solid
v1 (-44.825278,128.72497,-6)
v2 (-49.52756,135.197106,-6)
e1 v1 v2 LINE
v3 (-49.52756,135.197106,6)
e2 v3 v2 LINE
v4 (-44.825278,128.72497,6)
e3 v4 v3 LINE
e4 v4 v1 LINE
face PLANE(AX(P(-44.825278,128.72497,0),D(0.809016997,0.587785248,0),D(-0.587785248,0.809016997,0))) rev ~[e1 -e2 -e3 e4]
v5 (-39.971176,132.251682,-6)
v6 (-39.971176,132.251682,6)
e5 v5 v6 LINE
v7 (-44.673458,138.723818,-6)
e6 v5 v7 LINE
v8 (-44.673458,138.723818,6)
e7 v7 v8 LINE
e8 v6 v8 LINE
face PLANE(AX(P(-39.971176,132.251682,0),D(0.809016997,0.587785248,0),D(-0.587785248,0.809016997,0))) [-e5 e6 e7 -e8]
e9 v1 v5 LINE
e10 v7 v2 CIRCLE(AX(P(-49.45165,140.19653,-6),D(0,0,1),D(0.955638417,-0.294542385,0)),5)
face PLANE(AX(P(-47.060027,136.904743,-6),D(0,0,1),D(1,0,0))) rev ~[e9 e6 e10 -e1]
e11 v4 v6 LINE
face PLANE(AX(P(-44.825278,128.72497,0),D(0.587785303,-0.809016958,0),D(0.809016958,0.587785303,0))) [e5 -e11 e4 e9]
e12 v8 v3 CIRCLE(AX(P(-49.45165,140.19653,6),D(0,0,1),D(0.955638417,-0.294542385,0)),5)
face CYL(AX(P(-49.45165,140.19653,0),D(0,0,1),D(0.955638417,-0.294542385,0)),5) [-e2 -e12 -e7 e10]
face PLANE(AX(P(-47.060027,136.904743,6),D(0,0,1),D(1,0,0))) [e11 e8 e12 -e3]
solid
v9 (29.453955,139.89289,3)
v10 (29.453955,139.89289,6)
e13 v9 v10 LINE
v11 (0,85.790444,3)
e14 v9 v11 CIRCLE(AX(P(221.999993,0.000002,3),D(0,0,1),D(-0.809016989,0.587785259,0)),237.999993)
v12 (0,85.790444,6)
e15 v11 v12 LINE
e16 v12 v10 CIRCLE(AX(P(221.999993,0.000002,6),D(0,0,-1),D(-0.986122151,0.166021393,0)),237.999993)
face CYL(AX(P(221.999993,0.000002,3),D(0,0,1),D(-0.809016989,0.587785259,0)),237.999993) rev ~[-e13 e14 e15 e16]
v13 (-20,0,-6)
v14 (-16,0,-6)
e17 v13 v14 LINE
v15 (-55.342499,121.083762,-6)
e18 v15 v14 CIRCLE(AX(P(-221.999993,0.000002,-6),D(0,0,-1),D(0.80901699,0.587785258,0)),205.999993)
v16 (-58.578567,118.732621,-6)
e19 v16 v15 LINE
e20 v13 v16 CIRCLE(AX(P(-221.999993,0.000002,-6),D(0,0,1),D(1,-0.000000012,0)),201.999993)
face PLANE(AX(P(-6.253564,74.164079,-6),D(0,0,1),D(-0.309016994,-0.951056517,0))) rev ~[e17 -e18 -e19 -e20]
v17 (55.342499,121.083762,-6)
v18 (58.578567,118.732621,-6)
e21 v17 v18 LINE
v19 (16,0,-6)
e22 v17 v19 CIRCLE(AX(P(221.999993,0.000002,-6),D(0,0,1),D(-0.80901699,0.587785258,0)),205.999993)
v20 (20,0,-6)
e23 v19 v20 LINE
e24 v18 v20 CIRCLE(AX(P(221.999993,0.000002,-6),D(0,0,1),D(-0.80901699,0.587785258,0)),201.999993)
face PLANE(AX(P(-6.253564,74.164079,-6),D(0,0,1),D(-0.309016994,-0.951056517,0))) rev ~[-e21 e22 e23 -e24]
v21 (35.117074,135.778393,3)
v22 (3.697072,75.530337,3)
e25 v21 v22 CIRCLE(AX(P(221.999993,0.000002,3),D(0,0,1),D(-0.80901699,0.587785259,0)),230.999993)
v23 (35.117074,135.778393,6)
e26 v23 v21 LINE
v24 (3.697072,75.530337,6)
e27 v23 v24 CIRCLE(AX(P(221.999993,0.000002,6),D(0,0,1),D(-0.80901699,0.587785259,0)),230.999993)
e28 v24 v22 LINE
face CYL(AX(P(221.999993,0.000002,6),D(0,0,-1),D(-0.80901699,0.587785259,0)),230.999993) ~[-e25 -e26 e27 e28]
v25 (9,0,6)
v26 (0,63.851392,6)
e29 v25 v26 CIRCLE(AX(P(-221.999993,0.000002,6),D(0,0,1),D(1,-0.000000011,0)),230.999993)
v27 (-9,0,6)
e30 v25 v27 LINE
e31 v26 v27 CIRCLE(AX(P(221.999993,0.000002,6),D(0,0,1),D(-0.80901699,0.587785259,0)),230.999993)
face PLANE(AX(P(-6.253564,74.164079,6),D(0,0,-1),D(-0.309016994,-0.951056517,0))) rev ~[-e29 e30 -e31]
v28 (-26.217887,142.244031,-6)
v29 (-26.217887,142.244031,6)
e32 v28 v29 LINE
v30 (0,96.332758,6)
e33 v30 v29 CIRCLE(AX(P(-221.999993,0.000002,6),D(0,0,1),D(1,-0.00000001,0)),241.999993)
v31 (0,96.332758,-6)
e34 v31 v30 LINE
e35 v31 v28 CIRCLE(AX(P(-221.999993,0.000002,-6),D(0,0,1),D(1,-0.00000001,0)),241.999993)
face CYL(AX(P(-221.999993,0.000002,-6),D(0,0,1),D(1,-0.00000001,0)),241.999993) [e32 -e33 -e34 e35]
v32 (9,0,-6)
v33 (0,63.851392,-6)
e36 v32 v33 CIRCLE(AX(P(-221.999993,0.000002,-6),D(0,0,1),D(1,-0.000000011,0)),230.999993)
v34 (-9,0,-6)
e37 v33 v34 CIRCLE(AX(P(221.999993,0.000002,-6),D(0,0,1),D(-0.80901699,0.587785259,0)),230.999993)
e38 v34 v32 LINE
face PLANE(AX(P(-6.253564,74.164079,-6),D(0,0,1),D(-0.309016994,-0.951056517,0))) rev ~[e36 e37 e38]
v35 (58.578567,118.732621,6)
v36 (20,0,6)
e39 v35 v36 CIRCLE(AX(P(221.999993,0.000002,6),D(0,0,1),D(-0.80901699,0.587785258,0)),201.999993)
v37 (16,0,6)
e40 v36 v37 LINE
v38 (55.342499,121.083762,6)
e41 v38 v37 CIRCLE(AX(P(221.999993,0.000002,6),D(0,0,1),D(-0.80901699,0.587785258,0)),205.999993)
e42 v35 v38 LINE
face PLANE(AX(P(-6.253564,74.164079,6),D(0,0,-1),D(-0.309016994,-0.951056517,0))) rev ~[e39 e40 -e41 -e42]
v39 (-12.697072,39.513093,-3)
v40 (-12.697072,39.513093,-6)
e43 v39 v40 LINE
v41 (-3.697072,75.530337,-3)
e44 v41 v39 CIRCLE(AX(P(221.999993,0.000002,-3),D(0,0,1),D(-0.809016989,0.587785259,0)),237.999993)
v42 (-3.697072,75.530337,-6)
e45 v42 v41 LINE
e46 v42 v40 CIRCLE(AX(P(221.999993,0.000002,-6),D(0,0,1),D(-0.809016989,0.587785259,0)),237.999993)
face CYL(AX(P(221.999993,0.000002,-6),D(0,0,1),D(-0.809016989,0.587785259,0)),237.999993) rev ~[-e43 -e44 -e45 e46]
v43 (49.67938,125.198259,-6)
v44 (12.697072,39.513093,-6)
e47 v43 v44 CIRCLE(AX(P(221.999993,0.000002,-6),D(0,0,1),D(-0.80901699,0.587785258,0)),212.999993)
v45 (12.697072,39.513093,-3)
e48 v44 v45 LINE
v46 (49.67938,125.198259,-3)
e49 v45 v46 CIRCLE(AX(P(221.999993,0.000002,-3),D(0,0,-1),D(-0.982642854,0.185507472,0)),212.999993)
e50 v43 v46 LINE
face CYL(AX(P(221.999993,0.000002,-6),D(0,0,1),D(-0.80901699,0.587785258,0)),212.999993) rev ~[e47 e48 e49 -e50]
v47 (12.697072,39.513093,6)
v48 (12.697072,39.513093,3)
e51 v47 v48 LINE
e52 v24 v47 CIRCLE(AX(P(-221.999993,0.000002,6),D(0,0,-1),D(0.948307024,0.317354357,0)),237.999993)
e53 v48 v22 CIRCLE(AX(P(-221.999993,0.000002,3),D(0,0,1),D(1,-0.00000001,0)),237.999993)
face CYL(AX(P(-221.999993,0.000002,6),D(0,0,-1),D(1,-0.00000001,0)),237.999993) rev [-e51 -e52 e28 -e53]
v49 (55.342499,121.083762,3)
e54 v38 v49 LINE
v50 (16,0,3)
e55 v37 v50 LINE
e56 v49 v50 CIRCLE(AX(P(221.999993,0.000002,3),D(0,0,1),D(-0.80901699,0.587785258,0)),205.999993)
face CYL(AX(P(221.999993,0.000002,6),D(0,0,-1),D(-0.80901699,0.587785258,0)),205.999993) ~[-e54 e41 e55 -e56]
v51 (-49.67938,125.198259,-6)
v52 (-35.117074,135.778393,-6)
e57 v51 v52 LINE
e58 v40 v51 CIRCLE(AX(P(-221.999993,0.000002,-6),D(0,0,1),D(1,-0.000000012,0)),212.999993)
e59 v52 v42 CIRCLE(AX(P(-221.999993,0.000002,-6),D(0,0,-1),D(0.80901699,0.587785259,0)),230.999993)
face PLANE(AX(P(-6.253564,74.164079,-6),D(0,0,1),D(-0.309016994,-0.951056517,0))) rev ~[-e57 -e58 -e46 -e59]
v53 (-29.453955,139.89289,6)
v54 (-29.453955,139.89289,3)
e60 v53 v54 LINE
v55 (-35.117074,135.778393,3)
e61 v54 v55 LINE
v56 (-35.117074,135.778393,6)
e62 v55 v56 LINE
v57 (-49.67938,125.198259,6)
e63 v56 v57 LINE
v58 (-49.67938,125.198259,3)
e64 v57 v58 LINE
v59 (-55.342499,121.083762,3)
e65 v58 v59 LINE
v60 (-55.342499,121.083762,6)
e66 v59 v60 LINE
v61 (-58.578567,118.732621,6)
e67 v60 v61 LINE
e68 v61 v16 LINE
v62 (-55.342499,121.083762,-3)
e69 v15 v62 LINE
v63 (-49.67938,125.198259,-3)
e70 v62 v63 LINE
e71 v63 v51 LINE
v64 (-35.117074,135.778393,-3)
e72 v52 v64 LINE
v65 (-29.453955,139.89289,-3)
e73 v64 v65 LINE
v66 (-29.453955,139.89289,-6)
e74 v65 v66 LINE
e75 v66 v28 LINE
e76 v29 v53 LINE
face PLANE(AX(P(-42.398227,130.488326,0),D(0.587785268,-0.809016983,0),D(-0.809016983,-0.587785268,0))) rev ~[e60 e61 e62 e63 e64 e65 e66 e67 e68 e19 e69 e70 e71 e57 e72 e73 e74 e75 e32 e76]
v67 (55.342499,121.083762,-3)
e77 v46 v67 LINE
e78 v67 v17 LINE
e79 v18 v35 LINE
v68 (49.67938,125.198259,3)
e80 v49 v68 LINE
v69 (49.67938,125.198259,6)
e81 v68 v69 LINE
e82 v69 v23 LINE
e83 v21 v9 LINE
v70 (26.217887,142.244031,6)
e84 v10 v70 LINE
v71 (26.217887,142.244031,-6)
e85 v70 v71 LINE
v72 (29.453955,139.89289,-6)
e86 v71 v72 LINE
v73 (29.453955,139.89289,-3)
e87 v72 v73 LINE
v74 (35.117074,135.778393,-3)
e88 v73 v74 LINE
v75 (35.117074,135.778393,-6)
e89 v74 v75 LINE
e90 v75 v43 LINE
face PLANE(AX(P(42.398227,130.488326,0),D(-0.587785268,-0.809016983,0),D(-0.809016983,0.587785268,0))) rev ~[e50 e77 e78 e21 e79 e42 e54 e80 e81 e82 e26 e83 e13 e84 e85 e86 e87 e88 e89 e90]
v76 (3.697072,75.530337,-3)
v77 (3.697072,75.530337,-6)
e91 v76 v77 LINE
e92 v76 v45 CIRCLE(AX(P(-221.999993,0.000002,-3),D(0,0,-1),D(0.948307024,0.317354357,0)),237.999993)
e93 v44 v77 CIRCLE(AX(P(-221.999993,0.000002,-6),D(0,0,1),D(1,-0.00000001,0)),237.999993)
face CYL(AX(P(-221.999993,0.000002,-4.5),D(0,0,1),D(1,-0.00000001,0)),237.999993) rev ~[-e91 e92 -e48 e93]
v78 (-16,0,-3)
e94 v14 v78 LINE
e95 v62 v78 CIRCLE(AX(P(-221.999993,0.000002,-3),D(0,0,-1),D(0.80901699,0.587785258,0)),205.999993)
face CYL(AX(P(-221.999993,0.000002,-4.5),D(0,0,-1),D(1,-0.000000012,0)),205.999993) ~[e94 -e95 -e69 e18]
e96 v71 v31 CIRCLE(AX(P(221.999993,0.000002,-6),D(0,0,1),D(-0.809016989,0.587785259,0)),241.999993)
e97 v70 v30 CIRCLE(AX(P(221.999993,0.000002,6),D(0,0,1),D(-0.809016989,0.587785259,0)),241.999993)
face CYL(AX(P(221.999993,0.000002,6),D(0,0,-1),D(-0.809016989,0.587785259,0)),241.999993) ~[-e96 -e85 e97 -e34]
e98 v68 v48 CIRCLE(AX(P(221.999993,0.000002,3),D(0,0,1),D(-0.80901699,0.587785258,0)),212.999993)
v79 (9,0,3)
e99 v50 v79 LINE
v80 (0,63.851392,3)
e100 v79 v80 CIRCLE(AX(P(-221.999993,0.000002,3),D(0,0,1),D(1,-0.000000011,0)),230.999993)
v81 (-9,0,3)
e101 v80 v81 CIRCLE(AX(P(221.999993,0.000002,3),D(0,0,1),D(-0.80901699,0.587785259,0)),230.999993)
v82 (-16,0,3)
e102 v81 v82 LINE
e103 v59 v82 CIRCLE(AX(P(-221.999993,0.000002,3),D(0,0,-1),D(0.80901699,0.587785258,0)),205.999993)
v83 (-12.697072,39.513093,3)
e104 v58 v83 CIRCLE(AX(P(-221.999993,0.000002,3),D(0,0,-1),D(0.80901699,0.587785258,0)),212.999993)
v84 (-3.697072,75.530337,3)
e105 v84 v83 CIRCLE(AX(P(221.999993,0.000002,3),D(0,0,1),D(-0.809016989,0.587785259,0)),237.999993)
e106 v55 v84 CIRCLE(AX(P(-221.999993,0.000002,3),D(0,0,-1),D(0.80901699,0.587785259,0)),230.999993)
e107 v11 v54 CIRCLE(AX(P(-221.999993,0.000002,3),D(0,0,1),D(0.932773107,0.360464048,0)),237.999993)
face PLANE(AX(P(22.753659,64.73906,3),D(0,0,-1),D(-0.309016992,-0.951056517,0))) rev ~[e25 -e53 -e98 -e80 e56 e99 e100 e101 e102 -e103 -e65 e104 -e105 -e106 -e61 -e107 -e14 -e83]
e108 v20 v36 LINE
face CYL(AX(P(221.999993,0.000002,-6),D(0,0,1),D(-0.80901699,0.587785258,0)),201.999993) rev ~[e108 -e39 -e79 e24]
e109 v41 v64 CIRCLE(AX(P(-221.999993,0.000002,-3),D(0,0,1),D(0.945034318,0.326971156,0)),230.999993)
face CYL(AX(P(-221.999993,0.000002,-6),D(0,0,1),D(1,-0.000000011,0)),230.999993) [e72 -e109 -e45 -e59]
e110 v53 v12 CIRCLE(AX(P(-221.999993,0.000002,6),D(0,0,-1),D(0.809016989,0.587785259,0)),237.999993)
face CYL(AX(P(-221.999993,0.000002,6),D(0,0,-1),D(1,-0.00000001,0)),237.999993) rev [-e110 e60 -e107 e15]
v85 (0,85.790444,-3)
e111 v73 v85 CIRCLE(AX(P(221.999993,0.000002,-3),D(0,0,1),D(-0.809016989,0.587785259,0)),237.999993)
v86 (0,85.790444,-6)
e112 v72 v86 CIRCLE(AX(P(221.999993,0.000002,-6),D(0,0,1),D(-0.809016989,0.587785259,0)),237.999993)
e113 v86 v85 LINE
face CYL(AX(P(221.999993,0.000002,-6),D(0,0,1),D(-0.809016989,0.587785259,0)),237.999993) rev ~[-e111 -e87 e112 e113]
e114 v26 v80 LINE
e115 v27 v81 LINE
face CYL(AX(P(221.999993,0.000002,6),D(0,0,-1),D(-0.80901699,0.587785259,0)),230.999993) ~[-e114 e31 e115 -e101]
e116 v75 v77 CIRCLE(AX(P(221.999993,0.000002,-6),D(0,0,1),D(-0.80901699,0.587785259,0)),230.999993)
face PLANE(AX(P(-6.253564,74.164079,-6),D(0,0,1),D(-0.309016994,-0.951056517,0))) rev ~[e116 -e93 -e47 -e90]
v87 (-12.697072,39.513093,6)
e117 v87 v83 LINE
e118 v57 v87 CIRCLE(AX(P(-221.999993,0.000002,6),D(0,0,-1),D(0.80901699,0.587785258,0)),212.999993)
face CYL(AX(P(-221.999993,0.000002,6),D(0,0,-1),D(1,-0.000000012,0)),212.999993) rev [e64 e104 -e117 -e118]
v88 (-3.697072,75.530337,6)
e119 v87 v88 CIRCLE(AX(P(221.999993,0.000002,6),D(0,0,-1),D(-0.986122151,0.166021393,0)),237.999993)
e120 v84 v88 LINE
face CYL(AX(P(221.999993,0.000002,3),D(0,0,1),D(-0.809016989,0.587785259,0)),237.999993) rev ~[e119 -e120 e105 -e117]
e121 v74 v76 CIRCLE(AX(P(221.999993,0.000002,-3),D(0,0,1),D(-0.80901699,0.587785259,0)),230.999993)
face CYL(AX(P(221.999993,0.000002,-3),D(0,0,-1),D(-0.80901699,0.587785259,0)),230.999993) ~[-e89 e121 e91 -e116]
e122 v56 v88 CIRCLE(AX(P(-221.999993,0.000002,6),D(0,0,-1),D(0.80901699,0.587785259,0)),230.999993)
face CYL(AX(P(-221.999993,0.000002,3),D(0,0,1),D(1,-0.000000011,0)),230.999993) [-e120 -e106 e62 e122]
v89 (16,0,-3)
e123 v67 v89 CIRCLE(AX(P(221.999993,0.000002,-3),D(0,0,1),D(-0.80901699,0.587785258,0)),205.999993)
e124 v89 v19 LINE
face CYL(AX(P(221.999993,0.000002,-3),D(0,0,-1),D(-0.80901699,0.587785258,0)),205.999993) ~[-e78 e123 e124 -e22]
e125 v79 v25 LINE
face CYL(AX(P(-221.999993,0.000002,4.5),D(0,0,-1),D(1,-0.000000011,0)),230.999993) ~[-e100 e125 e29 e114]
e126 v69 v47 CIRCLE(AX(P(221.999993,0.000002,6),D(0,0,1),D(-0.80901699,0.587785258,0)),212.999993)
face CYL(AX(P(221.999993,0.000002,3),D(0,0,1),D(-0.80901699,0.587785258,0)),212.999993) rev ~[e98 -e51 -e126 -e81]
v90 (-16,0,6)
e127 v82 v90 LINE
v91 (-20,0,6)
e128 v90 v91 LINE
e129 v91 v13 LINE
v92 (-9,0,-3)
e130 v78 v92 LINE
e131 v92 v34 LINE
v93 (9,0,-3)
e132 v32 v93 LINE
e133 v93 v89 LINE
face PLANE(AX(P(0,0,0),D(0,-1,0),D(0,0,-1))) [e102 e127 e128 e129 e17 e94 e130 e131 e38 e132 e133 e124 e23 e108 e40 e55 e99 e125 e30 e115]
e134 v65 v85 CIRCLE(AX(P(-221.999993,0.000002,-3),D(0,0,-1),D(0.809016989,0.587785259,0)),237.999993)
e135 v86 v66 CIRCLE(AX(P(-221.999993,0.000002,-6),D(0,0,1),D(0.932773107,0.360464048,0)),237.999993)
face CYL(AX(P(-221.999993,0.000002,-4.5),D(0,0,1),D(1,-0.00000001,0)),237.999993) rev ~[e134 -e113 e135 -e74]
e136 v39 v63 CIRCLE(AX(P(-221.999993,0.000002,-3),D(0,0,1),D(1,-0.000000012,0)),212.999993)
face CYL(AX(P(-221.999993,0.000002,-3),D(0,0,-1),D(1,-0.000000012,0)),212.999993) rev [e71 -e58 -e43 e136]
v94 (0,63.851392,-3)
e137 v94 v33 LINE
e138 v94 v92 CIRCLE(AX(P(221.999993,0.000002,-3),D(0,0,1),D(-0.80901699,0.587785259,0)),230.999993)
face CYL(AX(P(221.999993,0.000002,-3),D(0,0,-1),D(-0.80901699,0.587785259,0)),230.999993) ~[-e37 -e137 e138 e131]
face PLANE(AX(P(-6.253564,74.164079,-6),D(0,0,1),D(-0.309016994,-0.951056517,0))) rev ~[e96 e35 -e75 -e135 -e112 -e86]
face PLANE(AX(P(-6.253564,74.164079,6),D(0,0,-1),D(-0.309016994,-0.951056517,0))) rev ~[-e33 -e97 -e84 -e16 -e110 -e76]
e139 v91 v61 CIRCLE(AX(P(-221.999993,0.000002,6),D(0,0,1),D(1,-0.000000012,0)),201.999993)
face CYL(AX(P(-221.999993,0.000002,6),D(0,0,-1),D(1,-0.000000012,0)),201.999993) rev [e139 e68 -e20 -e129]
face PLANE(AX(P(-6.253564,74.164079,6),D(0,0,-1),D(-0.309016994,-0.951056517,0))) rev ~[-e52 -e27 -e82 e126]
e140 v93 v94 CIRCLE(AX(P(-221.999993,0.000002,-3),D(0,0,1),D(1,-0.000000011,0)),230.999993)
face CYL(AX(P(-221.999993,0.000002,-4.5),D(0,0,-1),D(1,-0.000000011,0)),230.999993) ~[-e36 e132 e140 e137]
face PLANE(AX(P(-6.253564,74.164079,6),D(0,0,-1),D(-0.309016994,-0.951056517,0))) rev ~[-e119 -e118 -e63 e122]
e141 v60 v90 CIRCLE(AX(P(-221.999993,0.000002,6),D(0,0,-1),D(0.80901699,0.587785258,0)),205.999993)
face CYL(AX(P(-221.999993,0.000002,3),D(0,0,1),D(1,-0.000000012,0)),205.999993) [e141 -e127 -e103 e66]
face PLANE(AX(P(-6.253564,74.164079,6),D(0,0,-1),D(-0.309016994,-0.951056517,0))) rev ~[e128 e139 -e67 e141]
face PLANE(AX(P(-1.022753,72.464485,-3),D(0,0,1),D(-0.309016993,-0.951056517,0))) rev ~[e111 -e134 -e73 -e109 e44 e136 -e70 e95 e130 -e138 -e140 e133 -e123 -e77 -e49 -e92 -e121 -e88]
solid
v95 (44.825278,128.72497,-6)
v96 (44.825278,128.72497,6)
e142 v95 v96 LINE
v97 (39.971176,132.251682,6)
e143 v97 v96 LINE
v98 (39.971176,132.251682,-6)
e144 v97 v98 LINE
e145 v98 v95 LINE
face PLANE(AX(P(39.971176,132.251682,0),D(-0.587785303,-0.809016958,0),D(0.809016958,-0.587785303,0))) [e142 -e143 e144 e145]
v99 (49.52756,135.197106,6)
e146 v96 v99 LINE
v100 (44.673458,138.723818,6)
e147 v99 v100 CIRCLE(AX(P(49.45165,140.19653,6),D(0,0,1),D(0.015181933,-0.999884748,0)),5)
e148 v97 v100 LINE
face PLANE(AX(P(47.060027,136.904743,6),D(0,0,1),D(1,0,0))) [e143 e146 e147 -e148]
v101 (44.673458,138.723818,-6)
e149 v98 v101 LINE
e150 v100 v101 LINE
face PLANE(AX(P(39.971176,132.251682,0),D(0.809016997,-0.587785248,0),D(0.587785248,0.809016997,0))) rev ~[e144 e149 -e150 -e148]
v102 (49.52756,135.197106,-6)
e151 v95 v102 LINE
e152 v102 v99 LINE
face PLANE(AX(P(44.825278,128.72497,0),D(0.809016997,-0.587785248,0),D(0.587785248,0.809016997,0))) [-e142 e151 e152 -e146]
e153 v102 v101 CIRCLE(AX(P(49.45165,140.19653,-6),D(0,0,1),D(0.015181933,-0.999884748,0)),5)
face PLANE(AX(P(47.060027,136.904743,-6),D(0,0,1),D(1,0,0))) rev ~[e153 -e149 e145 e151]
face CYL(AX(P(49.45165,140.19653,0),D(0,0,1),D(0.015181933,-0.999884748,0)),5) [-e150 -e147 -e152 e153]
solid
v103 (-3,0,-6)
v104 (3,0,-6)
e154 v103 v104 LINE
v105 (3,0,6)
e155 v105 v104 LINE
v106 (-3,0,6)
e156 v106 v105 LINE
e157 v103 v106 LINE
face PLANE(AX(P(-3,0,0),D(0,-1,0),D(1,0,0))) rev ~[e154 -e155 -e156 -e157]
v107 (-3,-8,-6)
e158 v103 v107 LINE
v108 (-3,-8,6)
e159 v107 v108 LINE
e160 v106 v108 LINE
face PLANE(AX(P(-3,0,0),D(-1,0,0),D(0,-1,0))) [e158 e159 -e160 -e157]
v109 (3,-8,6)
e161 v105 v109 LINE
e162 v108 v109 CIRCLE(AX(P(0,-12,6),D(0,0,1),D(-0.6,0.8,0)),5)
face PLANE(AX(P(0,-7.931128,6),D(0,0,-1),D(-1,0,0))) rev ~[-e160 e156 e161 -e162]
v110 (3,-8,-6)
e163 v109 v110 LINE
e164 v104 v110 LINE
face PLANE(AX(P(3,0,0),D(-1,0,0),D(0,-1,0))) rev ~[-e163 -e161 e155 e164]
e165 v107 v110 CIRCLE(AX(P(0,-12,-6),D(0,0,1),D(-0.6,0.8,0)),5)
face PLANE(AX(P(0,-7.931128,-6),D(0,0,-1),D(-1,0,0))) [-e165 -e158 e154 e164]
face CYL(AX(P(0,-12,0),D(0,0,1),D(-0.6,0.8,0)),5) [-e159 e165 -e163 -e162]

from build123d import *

# Parameters (mm, degrees)
SKETCH003_W  = 7
SKETCH003_H  = 3
SKETCH004_W  = 7
SKETCH004_H  = 3
SKETCH005_W  = 7
SKETCH005_H  = 3
SKETCH006_W  = 7
SKETCH006_H  = 3
PAD_DEPTH    = 6
PAD001_DEPTH = 6
PAD002_DEPTH = 6


with BuildPart() as main:
    # AdditivePipe: sweep along a path in Sketch
    with BuildLine(Plane.XY) as additivepipe_path:
        ThreePointArc((0, 0), (-10.865453, 68.601773), (-42.398227, 130.488326))
    # Sketch002 → AdditivePipe (sweep)
    with BuildSketch(Plane.XZ):
        Polygon((-20, 6), (-20, -6), (-16, -6), (-16, -3), (-9, -3), (-9, -6), (9, -6), (9, -3), (16, -3), (16, -6), (20, -6), (20, 6), (16, 6), (16, 3), (9, 3), (9, 6), (-9, 6), (-9, 3), (-16, 3), (-16, 6), align=None)
    sweep(path=additivepipe_path.line)

    # AdditivePipe001: sweep along a path in Sketch001
    with BuildLine(Plane.XY) as additivepipe001_path:
        ThreePointArc((42.398227, 130.488326), (10.865453, 68.601773), (0, 0))
    # Sketch002 → AdditivePipe001 (sweep)
    with BuildSketch(Plane.XZ):
        Polygon((-20, 6), (-20, -6), (-16, -6), (-16, -3), (-9, -3), (-9, -6), (9, -6), (9, -3), (16, -3), (16, -6), (20, -6), (20, 6), (16, 6), (16, 3), (9, 3), (9, 6), (-9, 6), (-9, 3), (-16, 3), (-16, 6), align=None)
    sweep(path=additivepipe001_path.line)

    # SubtractivePipe: sweep along a path in Sketch
    with BuildLine(Plane.XY) as subtractivepipe_path:
        ThreePointArc((0, 0), (-10.865453, 68.601773), (-42.398227, 130.488326))
    # Sketch003 → SubtractivePipe (sweep, cut)
    with BuildSketch(Plane.XZ):
        with Locations((-12.5, 4.5)):
            Rectangle(SKETCH003_W, SKETCH003_H)
    sweep(path=subtractivepipe_path.line, mode=Mode.SUBTRACT)

    # SubtractivePipe001: sweep along a path in Sketch001
    with BuildLine(Plane.XY) as subtractivepipe001_path:
        ThreePointArc((42.398227, 130.488326), (10.865453, 68.601773), (0, 0))
    # Sketch003 → SubtractivePipe001 (sweep, cut)
    with BuildSketch(Plane.XZ):
        with Locations((-12.5, 4.5)):
            Rectangle(SKETCH003_W, SKETCH003_H)
    sweep(path=subtractivepipe001_path.line, mode=Mode.SUBTRACT)

    # SubtractivePipe002: sweep along a path in Sketch
    with BuildLine(Plane.XY) as subtractivepipe002_path:
        ThreePointArc((0, 0), (-10.865453, 68.601773), (-42.398227, 130.488326))
    # Sketch004 → SubtractivePipe002 (sweep, cut)
    with BuildSketch(Plane.XZ):
        with Locations((12.5, 4.5)):
            Rectangle(SKETCH004_W, SKETCH004_H)
    sweep(path=subtractivepipe002_path.line, mode=Mode.SUBTRACT)

    # SubtractivePipe003: sweep along a path in Sketch001
    with BuildLine(Plane.XY) as subtractivepipe003_path:
        ThreePointArc((42.398227, 130.488326), (10.865453, 68.601773), (0, 0))
    # Sketch004 → SubtractivePipe003 (sweep, cut)
    with BuildSketch(Plane.XZ):
        with Locations((12.5, 4.5)):
            Rectangle(SKETCH004_W, SKETCH004_H)
    sweep(path=subtractivepipe003_path.line, mode=Mode.SUBTRACT)

    # SubtractivePipe004: sweep along a path in Sketch
    with BuildLine(Plane.XY) as subtractivepipe004_path:
        ThreePointArc((0, 0), (-10.865453, 68.601773), (-42.398227, 130.488326))
    # Sketch005 → SubtractivePipe004 (sweep, cut)
    with BuildSketch(Plane.XZ):
        with Locations((-12.5, -4.5)):
            Rectangle(SKETCH005_W, SKETCH005_H)
    sweep(path=subtractivepipe004_path.line, mode=Mode.SUBTRACT)

    # SubtractivePipe005: sweep along a path in Sketch001
    with BuildLine(Plane.XY) as subtractivepipe005_path:
        ThreePointArc((42.398227, 130.488326), (10.865453, 68.601773), (0, 0))
    # Sketch005 → SubtractivePipe005 (sweep, cut)
    with BuildSketch(Plane.XZ):
        with Locations((-12.5, -4.5)):
            Rectangle(SKETCH005_W, SKETCH005_H)
    sweep(path=subtractivepipe005_path.line, mode=Mode.SUBTRACT)

    # SubtractivePipe006: sweep along a path in Sketch
    with BuildLine(Plane.XY) as subtractivepipe006_path:
        ThreePointArc((0, 0), (-10.865453, 68.601773), (-42.398227, 130.488326))
    # Sketch006 → SubtractivePipe006 (sweep, cut)
    with BuildSketch(Plane.XZ):
        with Locations((12.5, -4.5)):
            Rectangle(SKETCH006_W, SKETCH006_H)
    sweep(path=subtractivepipe006_path.line, mode=Mode.SUBTRACT)

    # SubtractivePipe007: sweep along a path in Sketch001
    with BuildLine(Plane.XY) as subtractivepipe007_path:
        ThreePointArc((42.398227, 130.488326), (10.865453, 68.601773), (0, 0))
    # Sketch006 → SubtractivePipe007 (sweep, cut)
    with BuildSketch(Plane.XZ):
        with Locations((12.5, -4.5)):
            Rectangle(SKETCH006_W, SKETCH006_H)
    sweep(path=subtractivepipe007_path.line, mode=Mode.SUBTRACT)


with BuildPart() as male1:
    # Sketch010 → Pad (new body, symmetric)
    with BuildSketch(Plane.XY):
        with BuildLine():
            Line((-3, 0), (3, 0))
            Line((3, 0), (3, -8))
            ThreePointArc((-3, -8), (0, -17), (3, -8))
            Line((-3, 0), (-3, -8))
        make_face()
    extrude(amount=PAD_DEPTH, both=True)


with BuildPart() as male3:
    # Sketch011 → Pad001 (new body, symmetric)
    with BuildSketch(Plane.XY):
        with BuildLine():
            Line((39.971176, 132.251682), (44.825278, 128.72497))
            Line((44.825278, 128.72497), (49.52756, 135.197106))
            ThreePointArc((49.52756, 135.197106), (52.390577, 144.241615), (44.673458, 138.723818))
            Line((39.971176, 132.251682), (44.673458, 138.723818))
        make_face()
    extrude(amount=PAD001_DEPTH, both=True)


with BuildPart() as male2:
    # Sketch012 → Pad002 (new body, symmetric)
    with BuildSketch(Plane.XY):
        with BuildLine():
            Line((-44.825278, 128.72497), (-39.971176, 132.251682))
            Line((-39.971176, 132.251682), (-44.673458, 138.723818))
            ThreePointArc((-44.673458, 138.723818), (-52.390577, 144.241615), (-49.52756, 135.197106))
            Line((-44.825278, 128.72497), (-49.52756, 135.197106))
        make_face()
    extrude(amount=PAD002_DEPTH, both=True)


solid = Compound([main.part, male1.part, male3.part, male2.part])
